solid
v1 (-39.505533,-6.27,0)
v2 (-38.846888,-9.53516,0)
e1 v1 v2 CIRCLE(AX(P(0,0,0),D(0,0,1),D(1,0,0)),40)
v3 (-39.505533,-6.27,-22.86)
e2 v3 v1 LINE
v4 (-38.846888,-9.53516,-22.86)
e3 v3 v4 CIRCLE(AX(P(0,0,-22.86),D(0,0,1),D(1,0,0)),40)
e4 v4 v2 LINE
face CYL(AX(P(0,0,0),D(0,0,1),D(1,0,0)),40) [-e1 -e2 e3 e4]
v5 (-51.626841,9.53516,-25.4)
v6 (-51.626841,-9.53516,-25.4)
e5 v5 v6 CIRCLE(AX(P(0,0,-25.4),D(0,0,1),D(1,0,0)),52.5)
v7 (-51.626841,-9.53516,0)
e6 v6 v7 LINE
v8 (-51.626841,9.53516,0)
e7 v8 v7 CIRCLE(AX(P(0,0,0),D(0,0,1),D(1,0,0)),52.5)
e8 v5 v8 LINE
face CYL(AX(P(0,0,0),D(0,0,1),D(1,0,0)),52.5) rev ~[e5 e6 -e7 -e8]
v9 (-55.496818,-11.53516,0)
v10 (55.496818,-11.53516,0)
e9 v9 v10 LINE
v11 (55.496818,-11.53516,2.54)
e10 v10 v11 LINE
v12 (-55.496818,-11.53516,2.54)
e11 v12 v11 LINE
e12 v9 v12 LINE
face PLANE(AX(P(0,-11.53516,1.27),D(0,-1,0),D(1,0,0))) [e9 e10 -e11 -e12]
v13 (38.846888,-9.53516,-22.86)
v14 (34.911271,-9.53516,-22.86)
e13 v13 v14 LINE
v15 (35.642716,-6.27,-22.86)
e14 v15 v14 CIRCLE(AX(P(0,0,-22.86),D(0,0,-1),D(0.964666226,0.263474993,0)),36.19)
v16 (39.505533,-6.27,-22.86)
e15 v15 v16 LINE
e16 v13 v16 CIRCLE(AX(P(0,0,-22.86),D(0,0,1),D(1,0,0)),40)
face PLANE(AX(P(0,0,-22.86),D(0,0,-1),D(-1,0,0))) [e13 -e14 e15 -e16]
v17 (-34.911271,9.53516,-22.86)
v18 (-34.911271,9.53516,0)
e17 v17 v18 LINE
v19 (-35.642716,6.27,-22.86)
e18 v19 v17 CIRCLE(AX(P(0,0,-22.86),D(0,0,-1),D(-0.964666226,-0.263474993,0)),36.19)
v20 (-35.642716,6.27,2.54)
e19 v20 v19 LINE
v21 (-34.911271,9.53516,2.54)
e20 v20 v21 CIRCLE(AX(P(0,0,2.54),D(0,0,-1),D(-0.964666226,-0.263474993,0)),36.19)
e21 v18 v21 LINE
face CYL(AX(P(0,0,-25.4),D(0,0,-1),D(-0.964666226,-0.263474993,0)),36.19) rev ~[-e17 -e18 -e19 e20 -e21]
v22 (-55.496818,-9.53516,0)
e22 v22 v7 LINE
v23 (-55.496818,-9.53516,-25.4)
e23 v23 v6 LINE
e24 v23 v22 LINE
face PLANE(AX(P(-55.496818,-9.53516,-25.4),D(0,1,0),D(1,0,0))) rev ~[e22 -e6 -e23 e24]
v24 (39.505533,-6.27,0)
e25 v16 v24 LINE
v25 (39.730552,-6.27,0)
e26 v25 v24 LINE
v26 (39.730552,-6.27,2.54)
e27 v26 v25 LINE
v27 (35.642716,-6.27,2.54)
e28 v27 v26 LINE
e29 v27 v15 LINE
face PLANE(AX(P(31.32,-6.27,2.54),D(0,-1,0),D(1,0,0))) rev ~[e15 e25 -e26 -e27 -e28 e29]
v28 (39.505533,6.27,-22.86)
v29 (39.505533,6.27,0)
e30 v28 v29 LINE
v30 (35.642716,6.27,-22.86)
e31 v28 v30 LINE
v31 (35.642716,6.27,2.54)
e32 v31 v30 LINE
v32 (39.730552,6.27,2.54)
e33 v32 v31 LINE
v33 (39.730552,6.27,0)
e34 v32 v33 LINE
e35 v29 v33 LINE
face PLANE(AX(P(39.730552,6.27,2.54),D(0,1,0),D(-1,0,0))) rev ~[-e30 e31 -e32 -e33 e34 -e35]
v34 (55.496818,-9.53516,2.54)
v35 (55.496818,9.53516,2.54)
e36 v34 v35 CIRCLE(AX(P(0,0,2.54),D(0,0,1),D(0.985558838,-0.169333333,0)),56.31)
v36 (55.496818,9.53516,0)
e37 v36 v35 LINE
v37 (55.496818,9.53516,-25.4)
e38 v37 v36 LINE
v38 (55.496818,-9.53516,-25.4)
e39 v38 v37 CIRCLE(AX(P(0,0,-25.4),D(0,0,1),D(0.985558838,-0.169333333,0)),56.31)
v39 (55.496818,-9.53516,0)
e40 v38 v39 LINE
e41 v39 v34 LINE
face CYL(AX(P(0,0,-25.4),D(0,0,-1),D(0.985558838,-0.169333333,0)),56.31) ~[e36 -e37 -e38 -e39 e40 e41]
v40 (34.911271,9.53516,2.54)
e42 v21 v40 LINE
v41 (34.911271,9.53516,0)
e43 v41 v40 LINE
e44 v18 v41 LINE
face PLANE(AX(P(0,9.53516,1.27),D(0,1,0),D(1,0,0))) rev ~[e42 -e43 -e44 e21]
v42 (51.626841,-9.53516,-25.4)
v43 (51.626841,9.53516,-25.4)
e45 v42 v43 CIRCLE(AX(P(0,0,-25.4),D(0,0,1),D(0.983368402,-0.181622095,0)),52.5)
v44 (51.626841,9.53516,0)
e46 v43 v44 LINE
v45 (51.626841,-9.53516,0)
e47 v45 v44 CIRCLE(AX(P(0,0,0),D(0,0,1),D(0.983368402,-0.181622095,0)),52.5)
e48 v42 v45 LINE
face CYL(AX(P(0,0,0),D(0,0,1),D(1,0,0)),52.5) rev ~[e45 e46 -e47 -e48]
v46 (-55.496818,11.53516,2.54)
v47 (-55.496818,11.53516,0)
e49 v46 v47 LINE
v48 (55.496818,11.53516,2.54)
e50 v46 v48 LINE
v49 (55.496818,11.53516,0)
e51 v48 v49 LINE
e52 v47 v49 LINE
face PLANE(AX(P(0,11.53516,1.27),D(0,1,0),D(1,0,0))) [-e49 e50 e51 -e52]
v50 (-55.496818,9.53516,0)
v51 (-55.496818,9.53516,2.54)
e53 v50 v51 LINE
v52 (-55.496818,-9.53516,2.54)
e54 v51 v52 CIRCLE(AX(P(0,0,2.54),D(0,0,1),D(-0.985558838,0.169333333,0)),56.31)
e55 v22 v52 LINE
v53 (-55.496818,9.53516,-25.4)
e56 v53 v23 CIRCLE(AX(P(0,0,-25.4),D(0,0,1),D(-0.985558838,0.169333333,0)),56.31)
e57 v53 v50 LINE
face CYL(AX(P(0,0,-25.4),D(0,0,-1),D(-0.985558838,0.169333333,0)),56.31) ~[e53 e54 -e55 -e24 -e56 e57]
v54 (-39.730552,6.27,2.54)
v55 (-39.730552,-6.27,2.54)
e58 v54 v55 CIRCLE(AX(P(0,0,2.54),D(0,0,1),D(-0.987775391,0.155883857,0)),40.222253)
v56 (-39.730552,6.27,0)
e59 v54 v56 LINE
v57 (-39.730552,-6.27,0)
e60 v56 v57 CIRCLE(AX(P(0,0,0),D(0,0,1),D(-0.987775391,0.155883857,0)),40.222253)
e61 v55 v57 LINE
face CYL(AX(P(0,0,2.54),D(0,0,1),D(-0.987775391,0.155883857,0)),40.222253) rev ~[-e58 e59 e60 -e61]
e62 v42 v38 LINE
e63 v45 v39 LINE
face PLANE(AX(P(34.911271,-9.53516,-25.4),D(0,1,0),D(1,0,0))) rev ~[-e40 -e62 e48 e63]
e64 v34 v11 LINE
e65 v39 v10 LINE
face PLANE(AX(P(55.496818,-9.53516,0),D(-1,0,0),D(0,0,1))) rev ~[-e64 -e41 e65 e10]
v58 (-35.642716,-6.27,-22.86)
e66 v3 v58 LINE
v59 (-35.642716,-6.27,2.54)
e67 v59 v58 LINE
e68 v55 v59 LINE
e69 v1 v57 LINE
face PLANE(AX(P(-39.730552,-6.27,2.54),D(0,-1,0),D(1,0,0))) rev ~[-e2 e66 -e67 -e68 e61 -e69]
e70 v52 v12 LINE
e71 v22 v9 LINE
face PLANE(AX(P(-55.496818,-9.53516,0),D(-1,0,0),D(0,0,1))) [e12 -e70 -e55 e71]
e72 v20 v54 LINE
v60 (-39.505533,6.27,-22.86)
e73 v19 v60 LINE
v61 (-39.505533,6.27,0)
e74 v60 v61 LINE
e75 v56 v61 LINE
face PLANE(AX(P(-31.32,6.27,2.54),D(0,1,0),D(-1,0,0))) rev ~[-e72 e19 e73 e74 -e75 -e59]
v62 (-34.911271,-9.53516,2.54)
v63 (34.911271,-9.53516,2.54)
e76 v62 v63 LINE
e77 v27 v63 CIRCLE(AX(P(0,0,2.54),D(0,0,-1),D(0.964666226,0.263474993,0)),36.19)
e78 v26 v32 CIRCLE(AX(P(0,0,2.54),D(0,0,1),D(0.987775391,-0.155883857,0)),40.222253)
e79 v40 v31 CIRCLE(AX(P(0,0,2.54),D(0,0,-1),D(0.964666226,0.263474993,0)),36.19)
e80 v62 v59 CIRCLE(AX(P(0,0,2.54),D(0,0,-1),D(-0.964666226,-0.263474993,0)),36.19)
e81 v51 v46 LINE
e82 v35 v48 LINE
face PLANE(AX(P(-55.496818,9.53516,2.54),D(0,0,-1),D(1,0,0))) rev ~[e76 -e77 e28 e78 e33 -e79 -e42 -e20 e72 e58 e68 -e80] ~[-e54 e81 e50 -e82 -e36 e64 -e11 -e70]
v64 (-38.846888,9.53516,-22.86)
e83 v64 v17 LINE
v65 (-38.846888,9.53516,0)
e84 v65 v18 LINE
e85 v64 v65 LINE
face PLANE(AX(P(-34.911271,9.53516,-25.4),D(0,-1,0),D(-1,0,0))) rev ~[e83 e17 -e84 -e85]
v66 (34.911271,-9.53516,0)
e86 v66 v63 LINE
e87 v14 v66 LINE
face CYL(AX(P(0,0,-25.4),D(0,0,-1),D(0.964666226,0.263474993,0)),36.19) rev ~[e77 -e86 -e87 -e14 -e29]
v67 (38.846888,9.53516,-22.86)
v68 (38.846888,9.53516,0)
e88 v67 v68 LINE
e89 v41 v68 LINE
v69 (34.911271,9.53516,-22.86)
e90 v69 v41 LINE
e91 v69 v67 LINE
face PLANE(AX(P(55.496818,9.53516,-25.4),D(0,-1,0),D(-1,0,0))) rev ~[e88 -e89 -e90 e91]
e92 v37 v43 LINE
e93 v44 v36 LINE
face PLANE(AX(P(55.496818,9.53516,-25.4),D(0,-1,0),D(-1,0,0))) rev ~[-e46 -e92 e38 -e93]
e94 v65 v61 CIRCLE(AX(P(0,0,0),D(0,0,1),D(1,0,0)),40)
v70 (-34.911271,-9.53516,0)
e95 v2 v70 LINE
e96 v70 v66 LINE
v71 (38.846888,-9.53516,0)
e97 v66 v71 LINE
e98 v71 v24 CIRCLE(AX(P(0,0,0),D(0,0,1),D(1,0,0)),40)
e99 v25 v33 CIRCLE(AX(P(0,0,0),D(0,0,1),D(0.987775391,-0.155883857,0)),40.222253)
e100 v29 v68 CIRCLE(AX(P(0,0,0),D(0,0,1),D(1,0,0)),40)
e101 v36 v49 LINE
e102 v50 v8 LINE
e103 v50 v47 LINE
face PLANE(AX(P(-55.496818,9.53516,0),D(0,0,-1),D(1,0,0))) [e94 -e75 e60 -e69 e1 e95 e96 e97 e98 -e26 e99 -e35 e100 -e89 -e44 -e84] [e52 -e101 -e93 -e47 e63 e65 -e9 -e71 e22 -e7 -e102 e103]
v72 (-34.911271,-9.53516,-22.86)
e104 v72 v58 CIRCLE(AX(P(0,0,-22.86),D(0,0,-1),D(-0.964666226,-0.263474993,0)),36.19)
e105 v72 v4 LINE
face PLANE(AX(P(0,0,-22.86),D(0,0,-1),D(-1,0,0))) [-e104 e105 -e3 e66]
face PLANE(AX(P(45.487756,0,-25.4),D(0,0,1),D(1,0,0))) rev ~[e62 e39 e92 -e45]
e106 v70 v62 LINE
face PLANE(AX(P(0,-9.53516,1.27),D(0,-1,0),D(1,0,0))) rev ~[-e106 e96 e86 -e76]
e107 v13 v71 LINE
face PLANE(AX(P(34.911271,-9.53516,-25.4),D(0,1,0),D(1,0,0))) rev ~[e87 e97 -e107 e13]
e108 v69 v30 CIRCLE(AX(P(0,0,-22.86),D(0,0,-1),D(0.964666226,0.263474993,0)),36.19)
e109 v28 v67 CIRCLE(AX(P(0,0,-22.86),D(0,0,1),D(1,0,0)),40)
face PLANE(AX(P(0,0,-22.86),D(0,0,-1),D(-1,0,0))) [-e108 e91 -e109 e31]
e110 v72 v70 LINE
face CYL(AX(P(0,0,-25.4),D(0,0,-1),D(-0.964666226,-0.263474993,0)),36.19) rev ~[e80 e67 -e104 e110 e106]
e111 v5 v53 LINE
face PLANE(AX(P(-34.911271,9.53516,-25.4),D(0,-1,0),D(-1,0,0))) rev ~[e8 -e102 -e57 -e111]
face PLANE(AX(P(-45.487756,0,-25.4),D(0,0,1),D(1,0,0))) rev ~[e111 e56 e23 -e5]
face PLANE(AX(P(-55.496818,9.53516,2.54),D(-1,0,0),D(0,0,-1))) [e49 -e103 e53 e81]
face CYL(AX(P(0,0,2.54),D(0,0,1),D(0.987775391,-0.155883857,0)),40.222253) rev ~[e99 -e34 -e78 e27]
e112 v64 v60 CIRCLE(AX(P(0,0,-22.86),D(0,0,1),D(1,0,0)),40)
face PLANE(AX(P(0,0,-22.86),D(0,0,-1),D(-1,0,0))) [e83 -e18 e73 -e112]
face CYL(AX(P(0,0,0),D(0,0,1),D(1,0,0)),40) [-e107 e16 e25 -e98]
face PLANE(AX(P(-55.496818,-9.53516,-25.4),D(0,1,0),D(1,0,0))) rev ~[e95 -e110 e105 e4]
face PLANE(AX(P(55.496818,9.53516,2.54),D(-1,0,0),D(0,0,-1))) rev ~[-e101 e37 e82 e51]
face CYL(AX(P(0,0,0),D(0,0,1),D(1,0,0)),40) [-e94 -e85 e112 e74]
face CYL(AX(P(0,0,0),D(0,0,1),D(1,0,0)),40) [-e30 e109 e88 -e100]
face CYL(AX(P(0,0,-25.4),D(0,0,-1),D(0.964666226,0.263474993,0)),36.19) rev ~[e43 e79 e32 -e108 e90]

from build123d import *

# Parameters (mm, degrees)
BOSS_EXTRUDE1_DEPTH        = 2.54
BOSS_EXTRUDE1_DEPTH_BACK   = 25.4
BOSS_EXTRUDE1_2_DEPTH      = 2.54
BOSS_EXTRUDE1_2_DEPTH_BACK = 25.4
CUT_EXTRUDE1_DEPTH         = 38.1
SKETCH5_R                  = 52.5
SKETCH5_R_2                = 40
CUT_EXTRUDE2_DEPTH         = 63.505162797
SKETCH6_W                  = 110.993636282
SKETCH6_H                  = 2.54
BOSS_EXTRUDE2_DEPTH        = 2
SKETCH7_W                  = 110.993636282
SKETCH7_H                  = 2.54
BOSS_EXTRUDE3_DEPTH        = 2
SKETCH8_W                  = 85.612929722
SKETCH8_H                  = 41.20835684
CUT_EXTRUDE4_DEPTH         = 2.54


with BuildPart() as part:
    # Sketch1 → Boss-Extrude1 (new, two sides: drawn at the far end of the back side and taken through both)
    with BuildSketch(Plane.XY.offset(-BOSS_EXTRUDE1_DEPTH_BACK)):
        with BuildLine():
            Line((-55.496818141, -9.53516), (-34.911270727, -9.53516))
            ThreePointArc((-34.911270727, -9.53516), (-36.19, 0), (-34.911270727, 9.53516))
            Line((-34.911270727, 9.53516), (-55.496818141, 9.53516))
            ThreePointArc((-55.496818141, 9.53516), (-56.31, 0), (-55.496818141, -9.53516))
        make_face()
    extrude(amount=BOSS_EXTRUDE1_DEPTH + BOSS_EXTRUDE1_DEPTH_BACK)


with BuildPart() as body_2:
    # Sketch1 → Boss-Extrude1 2 (new, two sides: drawn at the far end of the back side and taken through both)
    with BuildSketch(Plane.XY.offset(-BOSS_EXTRUDE1_2_DEPTH_BACK)):
        with BuildLine():
            Line((55.496818141, 9.53516), (34.911270727, 9.53516))
            ThreePointArc((34.911270727, 9.53516), (36.19, 0), (34.911270727, -9.53516))
            Line((34.911270727, -9.53516), (55.496818141, -9.53516))
            ThreePointArc((55.496818141, -9.53516), (56.31, 0), (55.496818141, 9.53516))
        make_face()
    extrude(amount=BOSS_EXTRUDE1_2_DEPTH + BOSS_EXTRUDE1_2_DEPTH_BACK)


with BuildPart() as cut_extrude1_tool:
    # Sketch3 → Cut-Extrude1 (new body)
    with BuildSketch(Plane.XY.offset(2.54)):
        with BuildLine():
            Line((39.730552161, 6.27), (31.319999693, 6.27))
            ThreePointArc((31.319999693, 6.27), (31.941435171, 0), (31.319999693, -6.27))
            Line((31.319999693, -6.27), (39.730552161, -6.27))
            ThreePointArc((39.730552161, -6.27), (40.22225348, 0), (39.730552161, 6.27))
        make_face()
        with BuildLine():
            Line((-31.319999693, 6.27), (-39.730552161, 6.27))
            ThreePointArc((-39.730552161, 6.27), (-40.22225348, 0), (-39.730552161, -6.27))
            Line((-39.730552161, -6.27), (-31.319999693, -6.27))
            ThreePointArc((-31.319999693, -6.27), (-31.941435171, 0), (-31.319999693, 6.27))
        make_face()
    extrude(amount=-CUT_EXTRUDE1_DEPTH)


with BuildPart() as part_1:
    add(part.part)

    # Cut-Extrude1: cut by cut_extrude1_tool
    add(cut_extrude1_tool.part, mode=Mode.SUBTRACT)


with BuildPart() as body_2_1:
    add(body_2.part)

    # Cut-Extrude1: cut by cut_extrude1_tool
    add(cut_extrude1_tool.part, mode=Mode.SUBTRACT)


with BuildPart() as cut_extrude2_tool:
    # Sketch5 → Cut-Extrude2 (new, through all)
    with BuildSketch(Plane.XY):
        Circle(SKETCH5_R)
        Circle(SKETCH5_R_2, mode=Mode.SUBTRACT)
    extrude(amount=-CUT_EXTRUDE2_DEPTH)


with BuildPart() as part_2:
    add(part_1.part)

    # Cut-Extrude2: cut by cut_extrude2_tool
    add(cut_extrude2_tool.part, mode=Mode.SUBTRACT)



with BuildPart() as body_2_2:
    add(body_2_1.part)

    # Cut-Extrude2: cut by cut_extrude2_tool
    add(cut_extrude2_tool.part, mode=Mode.SUBTRACT)


with BuildPart() as part_3:
    add(part_2.part)

    add(body_2_2.part)  # Boss-Extrude2 merges body 2
    # Sketch6 → Boss-Extrude2 (add)
    with BuildSketch(Plane.XZ.offset(9.53516)):
        with Locations((0, 1.27)):
            Rectangle(SKETCH6_W, SKETCH6_H)
    extrude(amount=BOSS_EXTRUDE2_DEPTH)

    # Sketch7 → Boss-Extrude3 (add)
    with BuildSketch(Plane(origin=(0, 9.53516, 0), x_dir=(1, 0, 0), z_dir=(0, 1, 0))):
        with Locations((0, -1.27)):
            Rectangle(SKETCH7_W, SKETCH7_H)
    extrude(amount=BOSS_EXTRUDE3_DEPTH)

    # Sketch8 → Cut-Extrude4 (cut)
    with BuildSketch(Plane(origin=(0, 0, -25.4), x_dir=(-1, 0, 0), z_dir=(0, 0, -1))):
        Rectangle(SKETCH8_W, SKETCH8_H)
    extrude(amount=-CUT_EXTRUDE4_DEPTH, mode=Mode.SUBTRACT)


solid = part_3.part
